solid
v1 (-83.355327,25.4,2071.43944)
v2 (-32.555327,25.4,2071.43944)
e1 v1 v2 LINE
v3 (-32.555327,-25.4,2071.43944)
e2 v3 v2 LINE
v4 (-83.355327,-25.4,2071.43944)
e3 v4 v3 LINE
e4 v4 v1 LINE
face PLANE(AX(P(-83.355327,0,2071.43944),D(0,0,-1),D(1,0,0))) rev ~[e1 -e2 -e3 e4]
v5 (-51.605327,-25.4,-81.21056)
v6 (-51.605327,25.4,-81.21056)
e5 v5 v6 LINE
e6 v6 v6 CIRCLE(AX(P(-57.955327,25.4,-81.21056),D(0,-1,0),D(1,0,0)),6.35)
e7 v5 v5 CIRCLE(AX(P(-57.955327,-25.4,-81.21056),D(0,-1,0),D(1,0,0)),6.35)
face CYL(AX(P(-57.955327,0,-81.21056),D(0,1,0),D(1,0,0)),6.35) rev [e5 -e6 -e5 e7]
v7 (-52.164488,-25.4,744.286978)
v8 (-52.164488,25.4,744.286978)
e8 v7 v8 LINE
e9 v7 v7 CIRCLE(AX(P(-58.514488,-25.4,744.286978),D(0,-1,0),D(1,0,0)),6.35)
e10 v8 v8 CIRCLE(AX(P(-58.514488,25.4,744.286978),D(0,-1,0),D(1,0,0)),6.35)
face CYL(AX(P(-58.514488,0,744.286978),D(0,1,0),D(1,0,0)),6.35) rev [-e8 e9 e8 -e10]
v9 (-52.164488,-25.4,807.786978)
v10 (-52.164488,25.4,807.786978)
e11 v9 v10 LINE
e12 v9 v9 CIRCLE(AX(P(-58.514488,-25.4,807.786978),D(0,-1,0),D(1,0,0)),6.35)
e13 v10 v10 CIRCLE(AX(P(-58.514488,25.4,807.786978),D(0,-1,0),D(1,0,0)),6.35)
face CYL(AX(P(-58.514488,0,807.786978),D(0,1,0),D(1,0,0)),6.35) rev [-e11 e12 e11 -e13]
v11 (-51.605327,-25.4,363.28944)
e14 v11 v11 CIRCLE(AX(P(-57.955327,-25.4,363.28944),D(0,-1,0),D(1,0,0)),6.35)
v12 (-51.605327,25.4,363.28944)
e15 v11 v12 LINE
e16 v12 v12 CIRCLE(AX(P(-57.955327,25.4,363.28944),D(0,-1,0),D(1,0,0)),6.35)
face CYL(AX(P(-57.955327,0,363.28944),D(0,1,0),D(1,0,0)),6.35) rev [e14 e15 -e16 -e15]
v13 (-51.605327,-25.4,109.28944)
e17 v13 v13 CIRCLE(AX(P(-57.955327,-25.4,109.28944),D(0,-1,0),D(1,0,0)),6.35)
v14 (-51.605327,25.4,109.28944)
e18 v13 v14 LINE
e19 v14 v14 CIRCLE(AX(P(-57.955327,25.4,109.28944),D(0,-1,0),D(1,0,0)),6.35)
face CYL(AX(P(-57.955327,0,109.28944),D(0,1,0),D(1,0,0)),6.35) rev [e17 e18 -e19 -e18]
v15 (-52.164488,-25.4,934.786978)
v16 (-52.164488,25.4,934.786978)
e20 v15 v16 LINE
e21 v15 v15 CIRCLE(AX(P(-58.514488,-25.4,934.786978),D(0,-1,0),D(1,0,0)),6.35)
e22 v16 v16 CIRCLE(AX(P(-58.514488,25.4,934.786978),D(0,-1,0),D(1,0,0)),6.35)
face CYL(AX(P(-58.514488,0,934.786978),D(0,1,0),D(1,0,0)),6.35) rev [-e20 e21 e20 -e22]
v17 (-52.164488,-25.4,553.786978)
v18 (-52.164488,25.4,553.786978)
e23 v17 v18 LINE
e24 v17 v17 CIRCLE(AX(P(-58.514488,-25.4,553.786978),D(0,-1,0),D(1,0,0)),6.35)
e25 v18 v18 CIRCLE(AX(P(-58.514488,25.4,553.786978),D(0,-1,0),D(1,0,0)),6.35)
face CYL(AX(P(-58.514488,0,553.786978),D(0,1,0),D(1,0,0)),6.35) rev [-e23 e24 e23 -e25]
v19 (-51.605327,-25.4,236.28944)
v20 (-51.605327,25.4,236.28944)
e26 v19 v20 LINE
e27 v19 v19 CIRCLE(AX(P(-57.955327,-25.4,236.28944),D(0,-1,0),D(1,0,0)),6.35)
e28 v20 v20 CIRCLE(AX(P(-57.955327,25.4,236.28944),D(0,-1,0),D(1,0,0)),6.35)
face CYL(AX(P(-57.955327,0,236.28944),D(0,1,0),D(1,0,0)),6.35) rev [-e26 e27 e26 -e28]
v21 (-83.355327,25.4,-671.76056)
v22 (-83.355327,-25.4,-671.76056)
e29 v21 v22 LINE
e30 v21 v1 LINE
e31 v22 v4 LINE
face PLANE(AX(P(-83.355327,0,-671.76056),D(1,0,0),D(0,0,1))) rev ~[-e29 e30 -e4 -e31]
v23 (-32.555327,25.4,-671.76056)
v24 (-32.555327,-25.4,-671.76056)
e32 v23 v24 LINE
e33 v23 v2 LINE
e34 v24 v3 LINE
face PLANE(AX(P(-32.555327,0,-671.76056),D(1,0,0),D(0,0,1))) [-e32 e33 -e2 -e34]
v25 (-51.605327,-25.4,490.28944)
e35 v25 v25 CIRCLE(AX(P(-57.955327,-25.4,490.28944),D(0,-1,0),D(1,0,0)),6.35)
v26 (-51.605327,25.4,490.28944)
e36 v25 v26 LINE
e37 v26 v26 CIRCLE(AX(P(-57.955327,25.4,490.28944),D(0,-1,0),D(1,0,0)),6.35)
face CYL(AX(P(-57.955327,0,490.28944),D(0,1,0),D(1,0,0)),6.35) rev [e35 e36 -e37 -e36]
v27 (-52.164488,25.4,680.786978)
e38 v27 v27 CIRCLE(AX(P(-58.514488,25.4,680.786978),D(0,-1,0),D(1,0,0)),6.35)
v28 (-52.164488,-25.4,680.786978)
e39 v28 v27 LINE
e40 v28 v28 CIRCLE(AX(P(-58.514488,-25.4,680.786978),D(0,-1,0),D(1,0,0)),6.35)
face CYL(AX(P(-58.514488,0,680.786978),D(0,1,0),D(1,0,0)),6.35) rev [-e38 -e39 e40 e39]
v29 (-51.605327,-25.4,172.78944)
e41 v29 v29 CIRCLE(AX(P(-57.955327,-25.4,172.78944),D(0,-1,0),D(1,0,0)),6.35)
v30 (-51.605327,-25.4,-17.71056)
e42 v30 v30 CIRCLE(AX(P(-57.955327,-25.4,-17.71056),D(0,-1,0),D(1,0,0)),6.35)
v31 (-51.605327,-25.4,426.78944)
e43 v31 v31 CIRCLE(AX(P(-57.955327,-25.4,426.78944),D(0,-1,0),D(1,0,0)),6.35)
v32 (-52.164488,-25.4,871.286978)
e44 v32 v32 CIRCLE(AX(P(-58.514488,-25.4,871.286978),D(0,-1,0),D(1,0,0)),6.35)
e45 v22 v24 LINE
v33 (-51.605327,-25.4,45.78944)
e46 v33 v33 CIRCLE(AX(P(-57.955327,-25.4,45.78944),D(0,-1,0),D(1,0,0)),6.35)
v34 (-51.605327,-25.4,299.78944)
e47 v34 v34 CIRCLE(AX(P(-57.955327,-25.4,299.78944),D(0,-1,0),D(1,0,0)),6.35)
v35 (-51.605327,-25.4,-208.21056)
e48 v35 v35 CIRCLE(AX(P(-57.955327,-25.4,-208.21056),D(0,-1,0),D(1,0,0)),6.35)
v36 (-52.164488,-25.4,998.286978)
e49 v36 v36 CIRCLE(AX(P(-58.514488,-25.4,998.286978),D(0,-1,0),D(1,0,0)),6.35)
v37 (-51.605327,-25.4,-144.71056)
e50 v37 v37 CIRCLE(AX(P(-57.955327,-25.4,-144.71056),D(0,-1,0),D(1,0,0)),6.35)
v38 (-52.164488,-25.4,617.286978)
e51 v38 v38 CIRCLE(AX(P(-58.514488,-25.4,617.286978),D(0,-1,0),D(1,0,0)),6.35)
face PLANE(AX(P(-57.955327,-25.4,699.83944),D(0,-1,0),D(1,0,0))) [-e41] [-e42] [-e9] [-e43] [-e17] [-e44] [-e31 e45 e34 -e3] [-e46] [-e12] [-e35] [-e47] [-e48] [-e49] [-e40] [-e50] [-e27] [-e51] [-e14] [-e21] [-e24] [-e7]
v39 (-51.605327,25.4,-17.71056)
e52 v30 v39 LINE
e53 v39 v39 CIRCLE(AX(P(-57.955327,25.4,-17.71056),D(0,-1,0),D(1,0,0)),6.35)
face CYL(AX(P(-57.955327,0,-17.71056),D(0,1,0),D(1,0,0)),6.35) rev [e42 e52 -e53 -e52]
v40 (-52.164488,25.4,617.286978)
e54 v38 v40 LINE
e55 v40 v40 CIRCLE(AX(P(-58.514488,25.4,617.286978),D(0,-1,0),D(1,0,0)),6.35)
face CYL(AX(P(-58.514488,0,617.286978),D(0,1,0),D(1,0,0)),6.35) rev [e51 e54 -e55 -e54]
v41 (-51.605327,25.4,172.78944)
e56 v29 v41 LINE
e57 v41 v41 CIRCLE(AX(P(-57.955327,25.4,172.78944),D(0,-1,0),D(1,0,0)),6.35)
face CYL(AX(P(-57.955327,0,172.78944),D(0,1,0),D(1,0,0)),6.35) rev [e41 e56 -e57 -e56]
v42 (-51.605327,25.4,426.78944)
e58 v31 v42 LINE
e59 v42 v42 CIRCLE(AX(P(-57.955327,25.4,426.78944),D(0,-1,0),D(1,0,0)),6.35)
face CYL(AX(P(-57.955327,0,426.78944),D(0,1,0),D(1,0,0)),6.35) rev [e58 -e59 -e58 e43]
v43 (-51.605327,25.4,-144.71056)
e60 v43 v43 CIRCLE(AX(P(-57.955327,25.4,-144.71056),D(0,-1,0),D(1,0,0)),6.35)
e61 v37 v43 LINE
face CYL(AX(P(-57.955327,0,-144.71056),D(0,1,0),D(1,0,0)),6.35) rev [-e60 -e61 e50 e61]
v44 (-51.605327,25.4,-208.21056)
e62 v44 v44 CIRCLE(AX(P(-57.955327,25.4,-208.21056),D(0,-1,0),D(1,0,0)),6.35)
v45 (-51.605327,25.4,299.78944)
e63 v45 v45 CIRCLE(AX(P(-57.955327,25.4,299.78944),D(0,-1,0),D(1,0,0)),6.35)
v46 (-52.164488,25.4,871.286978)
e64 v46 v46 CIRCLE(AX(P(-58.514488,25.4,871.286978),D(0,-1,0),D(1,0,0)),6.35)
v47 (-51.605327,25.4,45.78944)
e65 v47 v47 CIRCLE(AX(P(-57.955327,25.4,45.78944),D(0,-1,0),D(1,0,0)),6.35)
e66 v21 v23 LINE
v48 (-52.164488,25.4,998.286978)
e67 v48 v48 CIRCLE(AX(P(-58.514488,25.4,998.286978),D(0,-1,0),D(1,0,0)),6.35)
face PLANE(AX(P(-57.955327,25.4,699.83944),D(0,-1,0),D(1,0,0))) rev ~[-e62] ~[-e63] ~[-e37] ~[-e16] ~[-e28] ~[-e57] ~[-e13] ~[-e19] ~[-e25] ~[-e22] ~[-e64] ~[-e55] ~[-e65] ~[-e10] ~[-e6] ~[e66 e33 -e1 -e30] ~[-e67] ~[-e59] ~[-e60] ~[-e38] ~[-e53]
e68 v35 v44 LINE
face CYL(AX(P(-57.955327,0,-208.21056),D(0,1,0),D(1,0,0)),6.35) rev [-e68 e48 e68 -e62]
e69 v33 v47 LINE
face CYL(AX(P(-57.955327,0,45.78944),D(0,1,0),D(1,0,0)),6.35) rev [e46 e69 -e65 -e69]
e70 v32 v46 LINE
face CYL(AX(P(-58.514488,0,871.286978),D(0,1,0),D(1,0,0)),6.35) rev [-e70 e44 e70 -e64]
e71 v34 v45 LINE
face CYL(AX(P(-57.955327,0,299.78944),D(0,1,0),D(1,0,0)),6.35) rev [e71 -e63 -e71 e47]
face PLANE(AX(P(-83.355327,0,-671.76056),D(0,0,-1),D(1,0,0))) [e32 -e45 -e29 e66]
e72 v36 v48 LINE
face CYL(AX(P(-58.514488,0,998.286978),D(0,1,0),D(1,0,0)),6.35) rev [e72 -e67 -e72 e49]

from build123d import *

# Parameters (mm, degrees)
F0_W     = 50.8
F0_H     = 2743.2
F0_R     = 6.35
F1_DEPTH = 25.4
F2_DEPTH = 25.4


with BuildPart() as f1:
    # F0 (on Front) → F1 (new body, symmetric)
    with BuildSketch(Plane.XZ):
        with Locations((-57.955327, 699.83944)):
            Rectangle(F0_W, F0_H)
        with Locations((-57.955327, 236.28944)):
            Circle(F0_R, mode=Mode.SUBTRACT)
        with Locations((-58.514488, 553.786978)):
            Circle(F0_R, mode=Mode.SUBTRACT)
        with Locations((-58.514488, 617.286978)):
            Circle(F0_R, mode=Mode.SUBTRACT)
        with Locations((-58.514488, 680.786978)):
            Circle(F0_R, mode=Mode.SUBTRACT)
        with Locations((-57.955327, -208.21056)):
            Circle(F0_R, mode=Mode.SUBTRACT)
        with Locations((-57.955327, -144.71056)):
            Circle(F0_R, mode=Mode.SUBTRACT)
        with Locations((-57.955327, -81.21056)):
            Circle(F0_R, mode=Mode.SUBTRACT)
        with Locations((-57.955327, -17.71056)):
            Circle(F0_R, mode=Mode.SUBTRACT)
        with Locations((-57.955327, 45.78944)):
            Circle(F0_R, mode=Mode.SUBTRACT)
        with Locations((-57.955327, 109.28944)):
            Circle(F0_R, mode=Mode.SUBTRACT)
        with Locations((-57.955327, 172.78944)):
            Circle(F0_R, mode=Mode.SUBTRACT)
        with Locations((-57.955327, 299.78944)):
            Circle(F0_R, mode=Mode.SUBTRACT)
        with Locations((-57.955327, 363.28944)):
            Circle(F0_R, mode=Mode.SUBTRACT)
        with Locations((-57.955327, 426.78944)):
            Circle(F0_R, mode=Mode.SUBTRACT)
        with Locations((-57.955327, 490.28944)):
            Circle(F0_R, mode=Mode.SUBTRACT)
        with Locations((-58.514488, 744.286978)):
            Circle(F0_R, mode=Mode.SUBTRACT)
        with Locations((-58.514488, 807.786978)):
            Circle(F0_R, mode=Mode.SUBTRACT)
        with Locations((-58.514488, 871.286978)):
            Circle(F0_R, mode=Mode.SUBTRACT)
        with Locations((-58.514488, 934.786978)):
            Circle(F0_R, mode=Mode.SUBTRACT)
        with Locations((-58.514488, 998.286978)):
            Circle(F0_R, mode=Mode.SUBTRACT)
    extrude(amount=F1_DEPTH, both=True)

    # F0 (on Front) → F2 (join, symmetric)
    with BuildSketch(Plane.XZ):
        with Locations((-57.955327, 699.83944)):
            Rectangle(F0_W, F0_H)
        with Locations((-57.955327, 236.28944)):
            Circle(F0_R, mode=Mode.SUBTRACT)
        with Locations((-58.514488, 553.786978)):
            Circle(F0_R, mode=Mode.SUBTRACT)
        with Locations((-58.514488, 617.286978)):
            Circle(F0_R, mode=Mode.SUBTRACT)
        with Locations((-58.514488, 680.786978)):
            Circle(F0_R, mode=Mode.SUBTRACT)
        with Locations((-57.955327, -208.21056)):
            Circle(F0_R, mode=Mode.SUBTRACT)
        with Locations((-57.955327, -144.71056)):
            Circle(F0_R, mode=Mode.SUBTRACT)
        with Locations((-57.955327, -81.21056)):
            Circle(F0_R, mode=Mode.SUBTRACT)
        with Locations((-57.955327, -17.71056)):
            Circle(F0_R, mode=Mode.SUBTRACT)
        with Locations((-57.955327, 45.78944)):
            Circle(F0_R, mode=Mode.SUBTRACT)
        with Locations((-57.955327, 109.28944)):
            Circle(F0_R, mode=Mode.SUBTRACT)
        with Locations((-57.955327, 172.78944)):
            Circle(F0_R, mode=Mode.SUBTRACT)
        with Locations((-57.955327, 299.78944)):
            Circle(F0_R, mode=Mode.SUBTRACT)
        with Locations((-57.955327, 363.28944)):
            Circle(F0_R, mode=Mode.SUBTRACT)
        with Locations((-57.955327, 426.78944)):
            Circle(F0_R, mode=Mode.SUBTRACT)
        with Locations((-57.955327, 490.28944)):
            Circle(F0_R, mode=Mode.SUBTRACT)
        with Locations((-58.514488, 744.286978)):
            Circle(F0_R, mode=Mode.SUBTRACT)
        with Locations((-58.514488, 807.786978)):
            Circle(F0_R, mode=Mode.SUBTRACT)
        with Locations((-58.514488, 871.286978)):
            Circle(F0_R, mode=Mode.SUBTRACT)
        with Locations((-58.514488, 934.786978)):
            Circle(F0_R, mode=Mode.SUBTRACT)
        with Locations((-58.514488, 998.286978)):
            Circle(F0_R, mode=Mode.SUBTRACT)
    extrude(amount=F2_DEPTH, both=True)


solid = f1.part
